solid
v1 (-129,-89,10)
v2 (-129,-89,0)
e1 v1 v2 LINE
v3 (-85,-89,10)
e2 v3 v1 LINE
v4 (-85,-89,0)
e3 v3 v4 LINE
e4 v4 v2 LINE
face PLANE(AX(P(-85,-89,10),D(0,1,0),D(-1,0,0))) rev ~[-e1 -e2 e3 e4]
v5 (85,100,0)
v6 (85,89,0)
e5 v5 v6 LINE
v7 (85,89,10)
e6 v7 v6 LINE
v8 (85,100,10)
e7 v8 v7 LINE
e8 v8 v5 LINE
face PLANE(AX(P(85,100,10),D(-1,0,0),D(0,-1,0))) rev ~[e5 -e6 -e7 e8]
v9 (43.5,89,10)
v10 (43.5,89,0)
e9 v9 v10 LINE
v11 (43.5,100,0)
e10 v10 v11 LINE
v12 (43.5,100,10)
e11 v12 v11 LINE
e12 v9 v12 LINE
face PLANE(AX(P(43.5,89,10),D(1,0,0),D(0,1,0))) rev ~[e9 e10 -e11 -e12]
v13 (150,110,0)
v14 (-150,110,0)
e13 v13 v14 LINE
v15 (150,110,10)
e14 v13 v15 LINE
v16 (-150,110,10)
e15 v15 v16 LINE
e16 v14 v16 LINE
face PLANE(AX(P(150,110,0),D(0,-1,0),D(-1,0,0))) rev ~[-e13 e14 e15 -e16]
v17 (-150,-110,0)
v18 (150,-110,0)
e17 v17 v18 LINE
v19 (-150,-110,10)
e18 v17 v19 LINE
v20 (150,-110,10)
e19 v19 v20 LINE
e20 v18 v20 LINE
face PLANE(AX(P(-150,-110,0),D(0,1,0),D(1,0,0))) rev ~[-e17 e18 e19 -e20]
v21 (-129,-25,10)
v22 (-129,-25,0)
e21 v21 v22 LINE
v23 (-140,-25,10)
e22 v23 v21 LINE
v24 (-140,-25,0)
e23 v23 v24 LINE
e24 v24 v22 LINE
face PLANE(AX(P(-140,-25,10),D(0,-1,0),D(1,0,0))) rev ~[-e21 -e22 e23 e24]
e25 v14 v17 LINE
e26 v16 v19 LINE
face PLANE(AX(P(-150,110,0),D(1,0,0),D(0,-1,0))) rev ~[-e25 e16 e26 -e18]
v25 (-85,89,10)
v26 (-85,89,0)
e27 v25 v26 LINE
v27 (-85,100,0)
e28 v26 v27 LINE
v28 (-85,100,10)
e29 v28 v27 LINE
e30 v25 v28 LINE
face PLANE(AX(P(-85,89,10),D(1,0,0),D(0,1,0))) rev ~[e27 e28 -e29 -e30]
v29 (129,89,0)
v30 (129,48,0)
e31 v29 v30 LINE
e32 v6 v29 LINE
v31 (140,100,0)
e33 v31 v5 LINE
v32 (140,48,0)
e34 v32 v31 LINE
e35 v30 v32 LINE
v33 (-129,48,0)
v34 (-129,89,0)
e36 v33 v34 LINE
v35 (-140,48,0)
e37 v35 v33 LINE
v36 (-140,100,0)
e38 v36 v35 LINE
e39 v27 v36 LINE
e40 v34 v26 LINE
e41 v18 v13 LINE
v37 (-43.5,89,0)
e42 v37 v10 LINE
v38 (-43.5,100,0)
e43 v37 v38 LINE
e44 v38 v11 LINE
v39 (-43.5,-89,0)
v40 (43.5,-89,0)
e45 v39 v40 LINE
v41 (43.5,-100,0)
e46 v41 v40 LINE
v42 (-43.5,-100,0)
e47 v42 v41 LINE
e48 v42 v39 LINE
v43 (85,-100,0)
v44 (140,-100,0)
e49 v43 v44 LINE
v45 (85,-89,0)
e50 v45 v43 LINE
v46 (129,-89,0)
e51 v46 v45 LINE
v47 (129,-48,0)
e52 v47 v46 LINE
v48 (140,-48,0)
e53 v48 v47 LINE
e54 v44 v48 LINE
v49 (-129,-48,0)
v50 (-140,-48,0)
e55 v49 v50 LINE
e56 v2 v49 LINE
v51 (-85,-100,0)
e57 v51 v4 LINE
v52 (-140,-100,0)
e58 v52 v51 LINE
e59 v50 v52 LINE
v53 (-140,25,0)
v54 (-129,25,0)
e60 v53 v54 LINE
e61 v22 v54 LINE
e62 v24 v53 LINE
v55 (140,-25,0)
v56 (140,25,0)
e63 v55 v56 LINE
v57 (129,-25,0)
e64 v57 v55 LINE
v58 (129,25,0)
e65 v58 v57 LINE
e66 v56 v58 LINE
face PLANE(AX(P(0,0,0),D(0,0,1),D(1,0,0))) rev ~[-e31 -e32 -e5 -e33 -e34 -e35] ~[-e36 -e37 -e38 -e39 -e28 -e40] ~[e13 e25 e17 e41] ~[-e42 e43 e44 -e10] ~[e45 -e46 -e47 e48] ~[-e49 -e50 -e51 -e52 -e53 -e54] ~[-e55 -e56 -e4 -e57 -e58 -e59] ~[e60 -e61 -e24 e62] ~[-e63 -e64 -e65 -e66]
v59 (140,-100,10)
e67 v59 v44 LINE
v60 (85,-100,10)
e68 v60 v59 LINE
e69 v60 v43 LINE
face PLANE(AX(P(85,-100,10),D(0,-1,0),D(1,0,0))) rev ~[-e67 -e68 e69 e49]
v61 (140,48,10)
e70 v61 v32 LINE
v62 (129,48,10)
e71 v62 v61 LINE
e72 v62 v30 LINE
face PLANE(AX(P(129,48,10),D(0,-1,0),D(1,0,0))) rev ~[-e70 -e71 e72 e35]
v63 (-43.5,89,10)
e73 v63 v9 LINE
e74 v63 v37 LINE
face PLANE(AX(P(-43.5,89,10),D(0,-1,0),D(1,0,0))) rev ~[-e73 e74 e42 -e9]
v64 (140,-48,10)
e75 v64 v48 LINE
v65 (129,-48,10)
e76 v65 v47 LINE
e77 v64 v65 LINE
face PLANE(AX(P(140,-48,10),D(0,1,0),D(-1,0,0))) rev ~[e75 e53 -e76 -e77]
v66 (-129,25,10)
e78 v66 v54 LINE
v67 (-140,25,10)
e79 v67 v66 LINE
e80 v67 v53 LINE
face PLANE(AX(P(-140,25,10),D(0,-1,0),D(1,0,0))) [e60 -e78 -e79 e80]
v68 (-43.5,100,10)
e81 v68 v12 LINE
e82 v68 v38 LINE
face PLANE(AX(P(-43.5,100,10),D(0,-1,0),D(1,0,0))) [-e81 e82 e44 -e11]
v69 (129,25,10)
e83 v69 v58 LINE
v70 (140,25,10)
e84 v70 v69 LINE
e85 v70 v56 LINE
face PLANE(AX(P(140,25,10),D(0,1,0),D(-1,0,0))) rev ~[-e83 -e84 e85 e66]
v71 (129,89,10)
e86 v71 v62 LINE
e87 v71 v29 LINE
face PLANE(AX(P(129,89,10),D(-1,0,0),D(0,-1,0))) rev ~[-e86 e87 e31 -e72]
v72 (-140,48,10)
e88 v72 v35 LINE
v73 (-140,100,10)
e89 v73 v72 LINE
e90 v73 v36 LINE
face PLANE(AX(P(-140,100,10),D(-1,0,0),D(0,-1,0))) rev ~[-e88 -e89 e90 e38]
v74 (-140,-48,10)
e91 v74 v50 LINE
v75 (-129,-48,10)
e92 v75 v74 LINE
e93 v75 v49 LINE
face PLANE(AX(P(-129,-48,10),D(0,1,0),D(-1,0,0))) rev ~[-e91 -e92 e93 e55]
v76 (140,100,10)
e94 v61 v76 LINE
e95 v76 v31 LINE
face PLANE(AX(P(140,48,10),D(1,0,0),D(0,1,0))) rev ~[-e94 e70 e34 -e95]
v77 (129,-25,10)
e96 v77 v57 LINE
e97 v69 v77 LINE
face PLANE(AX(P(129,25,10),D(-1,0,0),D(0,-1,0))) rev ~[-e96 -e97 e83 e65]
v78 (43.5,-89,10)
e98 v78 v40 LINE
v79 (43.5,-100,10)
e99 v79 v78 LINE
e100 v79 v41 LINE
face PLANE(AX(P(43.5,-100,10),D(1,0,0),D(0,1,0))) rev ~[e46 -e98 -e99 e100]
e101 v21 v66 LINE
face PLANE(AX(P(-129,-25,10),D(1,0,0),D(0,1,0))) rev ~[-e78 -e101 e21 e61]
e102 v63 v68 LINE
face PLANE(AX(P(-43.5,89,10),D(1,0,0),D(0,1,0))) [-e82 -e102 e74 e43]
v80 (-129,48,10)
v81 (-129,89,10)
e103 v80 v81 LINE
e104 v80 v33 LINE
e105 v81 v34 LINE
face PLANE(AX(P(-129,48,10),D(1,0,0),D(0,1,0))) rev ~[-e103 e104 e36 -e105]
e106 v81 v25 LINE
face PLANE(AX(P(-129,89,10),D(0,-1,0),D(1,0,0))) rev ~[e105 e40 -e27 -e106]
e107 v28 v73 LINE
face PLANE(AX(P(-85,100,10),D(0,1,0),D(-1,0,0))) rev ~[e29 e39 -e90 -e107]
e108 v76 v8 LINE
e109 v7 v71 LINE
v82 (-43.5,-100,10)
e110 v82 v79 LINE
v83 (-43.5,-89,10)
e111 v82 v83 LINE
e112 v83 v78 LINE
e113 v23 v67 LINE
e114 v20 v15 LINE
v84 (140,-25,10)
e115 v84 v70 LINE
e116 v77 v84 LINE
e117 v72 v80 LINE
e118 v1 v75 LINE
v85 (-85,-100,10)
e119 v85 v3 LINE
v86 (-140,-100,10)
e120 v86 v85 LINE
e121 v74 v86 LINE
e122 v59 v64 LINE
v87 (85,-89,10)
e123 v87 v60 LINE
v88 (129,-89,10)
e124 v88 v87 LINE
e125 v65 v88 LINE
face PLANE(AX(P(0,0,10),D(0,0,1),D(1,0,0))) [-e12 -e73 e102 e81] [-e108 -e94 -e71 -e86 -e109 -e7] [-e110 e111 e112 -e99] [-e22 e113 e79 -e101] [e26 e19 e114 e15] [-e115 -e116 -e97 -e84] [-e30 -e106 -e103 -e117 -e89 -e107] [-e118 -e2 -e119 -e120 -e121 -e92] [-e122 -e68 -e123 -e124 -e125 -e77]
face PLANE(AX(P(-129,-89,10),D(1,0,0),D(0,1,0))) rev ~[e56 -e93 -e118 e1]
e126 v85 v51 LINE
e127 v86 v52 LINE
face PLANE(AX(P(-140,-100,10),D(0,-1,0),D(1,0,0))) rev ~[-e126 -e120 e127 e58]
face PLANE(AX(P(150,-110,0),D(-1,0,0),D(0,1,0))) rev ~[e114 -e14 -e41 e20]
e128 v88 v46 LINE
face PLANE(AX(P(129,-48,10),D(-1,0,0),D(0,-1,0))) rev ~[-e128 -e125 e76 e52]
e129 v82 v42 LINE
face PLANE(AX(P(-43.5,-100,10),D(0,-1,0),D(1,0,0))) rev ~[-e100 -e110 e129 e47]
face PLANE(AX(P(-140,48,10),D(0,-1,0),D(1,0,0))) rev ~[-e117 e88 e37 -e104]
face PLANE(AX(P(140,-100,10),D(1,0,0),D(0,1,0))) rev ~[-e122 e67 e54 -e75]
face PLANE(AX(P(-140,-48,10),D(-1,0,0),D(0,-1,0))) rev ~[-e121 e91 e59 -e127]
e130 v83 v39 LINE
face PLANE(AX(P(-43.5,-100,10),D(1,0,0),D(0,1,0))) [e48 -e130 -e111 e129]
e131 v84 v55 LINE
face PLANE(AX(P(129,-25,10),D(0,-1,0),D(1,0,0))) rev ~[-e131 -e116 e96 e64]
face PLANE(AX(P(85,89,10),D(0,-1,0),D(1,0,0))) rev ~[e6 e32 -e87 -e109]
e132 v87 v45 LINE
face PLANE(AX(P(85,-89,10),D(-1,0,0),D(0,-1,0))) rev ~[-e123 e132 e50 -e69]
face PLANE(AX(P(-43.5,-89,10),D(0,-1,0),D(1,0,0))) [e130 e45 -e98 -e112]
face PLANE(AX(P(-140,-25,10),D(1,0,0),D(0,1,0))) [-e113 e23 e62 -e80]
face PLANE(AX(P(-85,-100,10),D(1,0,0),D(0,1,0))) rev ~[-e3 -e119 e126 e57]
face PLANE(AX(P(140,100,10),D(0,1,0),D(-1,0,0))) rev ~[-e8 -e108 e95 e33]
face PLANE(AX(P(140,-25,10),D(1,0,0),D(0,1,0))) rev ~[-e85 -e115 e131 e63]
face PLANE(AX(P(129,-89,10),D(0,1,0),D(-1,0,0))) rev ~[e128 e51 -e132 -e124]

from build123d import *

# Parameters (mm, degrees)
F1_DEPTH = 10
F3_DEPTH = 10
F4_W     = 87
F4_H     = 11
F5_DEPTH = 10
F6_W     = 11
F6_H     = 50
F7_DEPTH = 10


with BuildPart() as f1:
    # F0 (on Top) → F1 (new body)
    with BuildSketch(Plane.XY):
        Polygon((150, 110), (-150, 110), (-150, -110), (-69, -110), (150, -110), align=None)
    extrude(amount=F1_DEPTH)

    # F2 (on face) → F3 (cut)
    with BuildSketch(Plane.XY.offset(10)):
        Polygon((140, 48), (140, 100), (85, 100), (85, 89), (129, 89), (129, 48), align=None)
        Polygon((-85, 100), (-140, 100), (-140, 48), (-129, 48), (-129, 89), (-85, 89), align=None)
        Polygon((-140, -48), (-140, -100), (-85, -100), (-85, -89), (-129, -89), (-129, -48), align=None)
        Polygon((85, -100), (140, -100), (140, -48), (129, -48), (129, -89), (85, -89), align=None)
    extrude(amount=-F3_DEPTH, mode=Mode.SUBTRACT)

    # F4 (on face) → F5 (cut)
    with BuildSketch(Plane.XY.offset(10)):
        with Locations((0, 94.5)):
            Rectangle(F4_W, F4_H)
        with Locations((0, -94.5)):
            Rectangle(F4_W, F4_H)
    extrude(amount=-F5_DEPTH, mode=Mode.SUBTRACT)

    # F6 (on face) → F7 (cut)
    with BuildSketch(Plane.XY.offset(10)):
        with Locations((-134.5, 0)):
            Rectangle(F6_W, F6_H)
        Polygon((140, -25), (140, 0), (140, 25), (129, 25), (129, -25), align=None)
    extrude(amount=-F7_DEPTH, mode=Mode.SUBTRACT)


solid = f1.part
